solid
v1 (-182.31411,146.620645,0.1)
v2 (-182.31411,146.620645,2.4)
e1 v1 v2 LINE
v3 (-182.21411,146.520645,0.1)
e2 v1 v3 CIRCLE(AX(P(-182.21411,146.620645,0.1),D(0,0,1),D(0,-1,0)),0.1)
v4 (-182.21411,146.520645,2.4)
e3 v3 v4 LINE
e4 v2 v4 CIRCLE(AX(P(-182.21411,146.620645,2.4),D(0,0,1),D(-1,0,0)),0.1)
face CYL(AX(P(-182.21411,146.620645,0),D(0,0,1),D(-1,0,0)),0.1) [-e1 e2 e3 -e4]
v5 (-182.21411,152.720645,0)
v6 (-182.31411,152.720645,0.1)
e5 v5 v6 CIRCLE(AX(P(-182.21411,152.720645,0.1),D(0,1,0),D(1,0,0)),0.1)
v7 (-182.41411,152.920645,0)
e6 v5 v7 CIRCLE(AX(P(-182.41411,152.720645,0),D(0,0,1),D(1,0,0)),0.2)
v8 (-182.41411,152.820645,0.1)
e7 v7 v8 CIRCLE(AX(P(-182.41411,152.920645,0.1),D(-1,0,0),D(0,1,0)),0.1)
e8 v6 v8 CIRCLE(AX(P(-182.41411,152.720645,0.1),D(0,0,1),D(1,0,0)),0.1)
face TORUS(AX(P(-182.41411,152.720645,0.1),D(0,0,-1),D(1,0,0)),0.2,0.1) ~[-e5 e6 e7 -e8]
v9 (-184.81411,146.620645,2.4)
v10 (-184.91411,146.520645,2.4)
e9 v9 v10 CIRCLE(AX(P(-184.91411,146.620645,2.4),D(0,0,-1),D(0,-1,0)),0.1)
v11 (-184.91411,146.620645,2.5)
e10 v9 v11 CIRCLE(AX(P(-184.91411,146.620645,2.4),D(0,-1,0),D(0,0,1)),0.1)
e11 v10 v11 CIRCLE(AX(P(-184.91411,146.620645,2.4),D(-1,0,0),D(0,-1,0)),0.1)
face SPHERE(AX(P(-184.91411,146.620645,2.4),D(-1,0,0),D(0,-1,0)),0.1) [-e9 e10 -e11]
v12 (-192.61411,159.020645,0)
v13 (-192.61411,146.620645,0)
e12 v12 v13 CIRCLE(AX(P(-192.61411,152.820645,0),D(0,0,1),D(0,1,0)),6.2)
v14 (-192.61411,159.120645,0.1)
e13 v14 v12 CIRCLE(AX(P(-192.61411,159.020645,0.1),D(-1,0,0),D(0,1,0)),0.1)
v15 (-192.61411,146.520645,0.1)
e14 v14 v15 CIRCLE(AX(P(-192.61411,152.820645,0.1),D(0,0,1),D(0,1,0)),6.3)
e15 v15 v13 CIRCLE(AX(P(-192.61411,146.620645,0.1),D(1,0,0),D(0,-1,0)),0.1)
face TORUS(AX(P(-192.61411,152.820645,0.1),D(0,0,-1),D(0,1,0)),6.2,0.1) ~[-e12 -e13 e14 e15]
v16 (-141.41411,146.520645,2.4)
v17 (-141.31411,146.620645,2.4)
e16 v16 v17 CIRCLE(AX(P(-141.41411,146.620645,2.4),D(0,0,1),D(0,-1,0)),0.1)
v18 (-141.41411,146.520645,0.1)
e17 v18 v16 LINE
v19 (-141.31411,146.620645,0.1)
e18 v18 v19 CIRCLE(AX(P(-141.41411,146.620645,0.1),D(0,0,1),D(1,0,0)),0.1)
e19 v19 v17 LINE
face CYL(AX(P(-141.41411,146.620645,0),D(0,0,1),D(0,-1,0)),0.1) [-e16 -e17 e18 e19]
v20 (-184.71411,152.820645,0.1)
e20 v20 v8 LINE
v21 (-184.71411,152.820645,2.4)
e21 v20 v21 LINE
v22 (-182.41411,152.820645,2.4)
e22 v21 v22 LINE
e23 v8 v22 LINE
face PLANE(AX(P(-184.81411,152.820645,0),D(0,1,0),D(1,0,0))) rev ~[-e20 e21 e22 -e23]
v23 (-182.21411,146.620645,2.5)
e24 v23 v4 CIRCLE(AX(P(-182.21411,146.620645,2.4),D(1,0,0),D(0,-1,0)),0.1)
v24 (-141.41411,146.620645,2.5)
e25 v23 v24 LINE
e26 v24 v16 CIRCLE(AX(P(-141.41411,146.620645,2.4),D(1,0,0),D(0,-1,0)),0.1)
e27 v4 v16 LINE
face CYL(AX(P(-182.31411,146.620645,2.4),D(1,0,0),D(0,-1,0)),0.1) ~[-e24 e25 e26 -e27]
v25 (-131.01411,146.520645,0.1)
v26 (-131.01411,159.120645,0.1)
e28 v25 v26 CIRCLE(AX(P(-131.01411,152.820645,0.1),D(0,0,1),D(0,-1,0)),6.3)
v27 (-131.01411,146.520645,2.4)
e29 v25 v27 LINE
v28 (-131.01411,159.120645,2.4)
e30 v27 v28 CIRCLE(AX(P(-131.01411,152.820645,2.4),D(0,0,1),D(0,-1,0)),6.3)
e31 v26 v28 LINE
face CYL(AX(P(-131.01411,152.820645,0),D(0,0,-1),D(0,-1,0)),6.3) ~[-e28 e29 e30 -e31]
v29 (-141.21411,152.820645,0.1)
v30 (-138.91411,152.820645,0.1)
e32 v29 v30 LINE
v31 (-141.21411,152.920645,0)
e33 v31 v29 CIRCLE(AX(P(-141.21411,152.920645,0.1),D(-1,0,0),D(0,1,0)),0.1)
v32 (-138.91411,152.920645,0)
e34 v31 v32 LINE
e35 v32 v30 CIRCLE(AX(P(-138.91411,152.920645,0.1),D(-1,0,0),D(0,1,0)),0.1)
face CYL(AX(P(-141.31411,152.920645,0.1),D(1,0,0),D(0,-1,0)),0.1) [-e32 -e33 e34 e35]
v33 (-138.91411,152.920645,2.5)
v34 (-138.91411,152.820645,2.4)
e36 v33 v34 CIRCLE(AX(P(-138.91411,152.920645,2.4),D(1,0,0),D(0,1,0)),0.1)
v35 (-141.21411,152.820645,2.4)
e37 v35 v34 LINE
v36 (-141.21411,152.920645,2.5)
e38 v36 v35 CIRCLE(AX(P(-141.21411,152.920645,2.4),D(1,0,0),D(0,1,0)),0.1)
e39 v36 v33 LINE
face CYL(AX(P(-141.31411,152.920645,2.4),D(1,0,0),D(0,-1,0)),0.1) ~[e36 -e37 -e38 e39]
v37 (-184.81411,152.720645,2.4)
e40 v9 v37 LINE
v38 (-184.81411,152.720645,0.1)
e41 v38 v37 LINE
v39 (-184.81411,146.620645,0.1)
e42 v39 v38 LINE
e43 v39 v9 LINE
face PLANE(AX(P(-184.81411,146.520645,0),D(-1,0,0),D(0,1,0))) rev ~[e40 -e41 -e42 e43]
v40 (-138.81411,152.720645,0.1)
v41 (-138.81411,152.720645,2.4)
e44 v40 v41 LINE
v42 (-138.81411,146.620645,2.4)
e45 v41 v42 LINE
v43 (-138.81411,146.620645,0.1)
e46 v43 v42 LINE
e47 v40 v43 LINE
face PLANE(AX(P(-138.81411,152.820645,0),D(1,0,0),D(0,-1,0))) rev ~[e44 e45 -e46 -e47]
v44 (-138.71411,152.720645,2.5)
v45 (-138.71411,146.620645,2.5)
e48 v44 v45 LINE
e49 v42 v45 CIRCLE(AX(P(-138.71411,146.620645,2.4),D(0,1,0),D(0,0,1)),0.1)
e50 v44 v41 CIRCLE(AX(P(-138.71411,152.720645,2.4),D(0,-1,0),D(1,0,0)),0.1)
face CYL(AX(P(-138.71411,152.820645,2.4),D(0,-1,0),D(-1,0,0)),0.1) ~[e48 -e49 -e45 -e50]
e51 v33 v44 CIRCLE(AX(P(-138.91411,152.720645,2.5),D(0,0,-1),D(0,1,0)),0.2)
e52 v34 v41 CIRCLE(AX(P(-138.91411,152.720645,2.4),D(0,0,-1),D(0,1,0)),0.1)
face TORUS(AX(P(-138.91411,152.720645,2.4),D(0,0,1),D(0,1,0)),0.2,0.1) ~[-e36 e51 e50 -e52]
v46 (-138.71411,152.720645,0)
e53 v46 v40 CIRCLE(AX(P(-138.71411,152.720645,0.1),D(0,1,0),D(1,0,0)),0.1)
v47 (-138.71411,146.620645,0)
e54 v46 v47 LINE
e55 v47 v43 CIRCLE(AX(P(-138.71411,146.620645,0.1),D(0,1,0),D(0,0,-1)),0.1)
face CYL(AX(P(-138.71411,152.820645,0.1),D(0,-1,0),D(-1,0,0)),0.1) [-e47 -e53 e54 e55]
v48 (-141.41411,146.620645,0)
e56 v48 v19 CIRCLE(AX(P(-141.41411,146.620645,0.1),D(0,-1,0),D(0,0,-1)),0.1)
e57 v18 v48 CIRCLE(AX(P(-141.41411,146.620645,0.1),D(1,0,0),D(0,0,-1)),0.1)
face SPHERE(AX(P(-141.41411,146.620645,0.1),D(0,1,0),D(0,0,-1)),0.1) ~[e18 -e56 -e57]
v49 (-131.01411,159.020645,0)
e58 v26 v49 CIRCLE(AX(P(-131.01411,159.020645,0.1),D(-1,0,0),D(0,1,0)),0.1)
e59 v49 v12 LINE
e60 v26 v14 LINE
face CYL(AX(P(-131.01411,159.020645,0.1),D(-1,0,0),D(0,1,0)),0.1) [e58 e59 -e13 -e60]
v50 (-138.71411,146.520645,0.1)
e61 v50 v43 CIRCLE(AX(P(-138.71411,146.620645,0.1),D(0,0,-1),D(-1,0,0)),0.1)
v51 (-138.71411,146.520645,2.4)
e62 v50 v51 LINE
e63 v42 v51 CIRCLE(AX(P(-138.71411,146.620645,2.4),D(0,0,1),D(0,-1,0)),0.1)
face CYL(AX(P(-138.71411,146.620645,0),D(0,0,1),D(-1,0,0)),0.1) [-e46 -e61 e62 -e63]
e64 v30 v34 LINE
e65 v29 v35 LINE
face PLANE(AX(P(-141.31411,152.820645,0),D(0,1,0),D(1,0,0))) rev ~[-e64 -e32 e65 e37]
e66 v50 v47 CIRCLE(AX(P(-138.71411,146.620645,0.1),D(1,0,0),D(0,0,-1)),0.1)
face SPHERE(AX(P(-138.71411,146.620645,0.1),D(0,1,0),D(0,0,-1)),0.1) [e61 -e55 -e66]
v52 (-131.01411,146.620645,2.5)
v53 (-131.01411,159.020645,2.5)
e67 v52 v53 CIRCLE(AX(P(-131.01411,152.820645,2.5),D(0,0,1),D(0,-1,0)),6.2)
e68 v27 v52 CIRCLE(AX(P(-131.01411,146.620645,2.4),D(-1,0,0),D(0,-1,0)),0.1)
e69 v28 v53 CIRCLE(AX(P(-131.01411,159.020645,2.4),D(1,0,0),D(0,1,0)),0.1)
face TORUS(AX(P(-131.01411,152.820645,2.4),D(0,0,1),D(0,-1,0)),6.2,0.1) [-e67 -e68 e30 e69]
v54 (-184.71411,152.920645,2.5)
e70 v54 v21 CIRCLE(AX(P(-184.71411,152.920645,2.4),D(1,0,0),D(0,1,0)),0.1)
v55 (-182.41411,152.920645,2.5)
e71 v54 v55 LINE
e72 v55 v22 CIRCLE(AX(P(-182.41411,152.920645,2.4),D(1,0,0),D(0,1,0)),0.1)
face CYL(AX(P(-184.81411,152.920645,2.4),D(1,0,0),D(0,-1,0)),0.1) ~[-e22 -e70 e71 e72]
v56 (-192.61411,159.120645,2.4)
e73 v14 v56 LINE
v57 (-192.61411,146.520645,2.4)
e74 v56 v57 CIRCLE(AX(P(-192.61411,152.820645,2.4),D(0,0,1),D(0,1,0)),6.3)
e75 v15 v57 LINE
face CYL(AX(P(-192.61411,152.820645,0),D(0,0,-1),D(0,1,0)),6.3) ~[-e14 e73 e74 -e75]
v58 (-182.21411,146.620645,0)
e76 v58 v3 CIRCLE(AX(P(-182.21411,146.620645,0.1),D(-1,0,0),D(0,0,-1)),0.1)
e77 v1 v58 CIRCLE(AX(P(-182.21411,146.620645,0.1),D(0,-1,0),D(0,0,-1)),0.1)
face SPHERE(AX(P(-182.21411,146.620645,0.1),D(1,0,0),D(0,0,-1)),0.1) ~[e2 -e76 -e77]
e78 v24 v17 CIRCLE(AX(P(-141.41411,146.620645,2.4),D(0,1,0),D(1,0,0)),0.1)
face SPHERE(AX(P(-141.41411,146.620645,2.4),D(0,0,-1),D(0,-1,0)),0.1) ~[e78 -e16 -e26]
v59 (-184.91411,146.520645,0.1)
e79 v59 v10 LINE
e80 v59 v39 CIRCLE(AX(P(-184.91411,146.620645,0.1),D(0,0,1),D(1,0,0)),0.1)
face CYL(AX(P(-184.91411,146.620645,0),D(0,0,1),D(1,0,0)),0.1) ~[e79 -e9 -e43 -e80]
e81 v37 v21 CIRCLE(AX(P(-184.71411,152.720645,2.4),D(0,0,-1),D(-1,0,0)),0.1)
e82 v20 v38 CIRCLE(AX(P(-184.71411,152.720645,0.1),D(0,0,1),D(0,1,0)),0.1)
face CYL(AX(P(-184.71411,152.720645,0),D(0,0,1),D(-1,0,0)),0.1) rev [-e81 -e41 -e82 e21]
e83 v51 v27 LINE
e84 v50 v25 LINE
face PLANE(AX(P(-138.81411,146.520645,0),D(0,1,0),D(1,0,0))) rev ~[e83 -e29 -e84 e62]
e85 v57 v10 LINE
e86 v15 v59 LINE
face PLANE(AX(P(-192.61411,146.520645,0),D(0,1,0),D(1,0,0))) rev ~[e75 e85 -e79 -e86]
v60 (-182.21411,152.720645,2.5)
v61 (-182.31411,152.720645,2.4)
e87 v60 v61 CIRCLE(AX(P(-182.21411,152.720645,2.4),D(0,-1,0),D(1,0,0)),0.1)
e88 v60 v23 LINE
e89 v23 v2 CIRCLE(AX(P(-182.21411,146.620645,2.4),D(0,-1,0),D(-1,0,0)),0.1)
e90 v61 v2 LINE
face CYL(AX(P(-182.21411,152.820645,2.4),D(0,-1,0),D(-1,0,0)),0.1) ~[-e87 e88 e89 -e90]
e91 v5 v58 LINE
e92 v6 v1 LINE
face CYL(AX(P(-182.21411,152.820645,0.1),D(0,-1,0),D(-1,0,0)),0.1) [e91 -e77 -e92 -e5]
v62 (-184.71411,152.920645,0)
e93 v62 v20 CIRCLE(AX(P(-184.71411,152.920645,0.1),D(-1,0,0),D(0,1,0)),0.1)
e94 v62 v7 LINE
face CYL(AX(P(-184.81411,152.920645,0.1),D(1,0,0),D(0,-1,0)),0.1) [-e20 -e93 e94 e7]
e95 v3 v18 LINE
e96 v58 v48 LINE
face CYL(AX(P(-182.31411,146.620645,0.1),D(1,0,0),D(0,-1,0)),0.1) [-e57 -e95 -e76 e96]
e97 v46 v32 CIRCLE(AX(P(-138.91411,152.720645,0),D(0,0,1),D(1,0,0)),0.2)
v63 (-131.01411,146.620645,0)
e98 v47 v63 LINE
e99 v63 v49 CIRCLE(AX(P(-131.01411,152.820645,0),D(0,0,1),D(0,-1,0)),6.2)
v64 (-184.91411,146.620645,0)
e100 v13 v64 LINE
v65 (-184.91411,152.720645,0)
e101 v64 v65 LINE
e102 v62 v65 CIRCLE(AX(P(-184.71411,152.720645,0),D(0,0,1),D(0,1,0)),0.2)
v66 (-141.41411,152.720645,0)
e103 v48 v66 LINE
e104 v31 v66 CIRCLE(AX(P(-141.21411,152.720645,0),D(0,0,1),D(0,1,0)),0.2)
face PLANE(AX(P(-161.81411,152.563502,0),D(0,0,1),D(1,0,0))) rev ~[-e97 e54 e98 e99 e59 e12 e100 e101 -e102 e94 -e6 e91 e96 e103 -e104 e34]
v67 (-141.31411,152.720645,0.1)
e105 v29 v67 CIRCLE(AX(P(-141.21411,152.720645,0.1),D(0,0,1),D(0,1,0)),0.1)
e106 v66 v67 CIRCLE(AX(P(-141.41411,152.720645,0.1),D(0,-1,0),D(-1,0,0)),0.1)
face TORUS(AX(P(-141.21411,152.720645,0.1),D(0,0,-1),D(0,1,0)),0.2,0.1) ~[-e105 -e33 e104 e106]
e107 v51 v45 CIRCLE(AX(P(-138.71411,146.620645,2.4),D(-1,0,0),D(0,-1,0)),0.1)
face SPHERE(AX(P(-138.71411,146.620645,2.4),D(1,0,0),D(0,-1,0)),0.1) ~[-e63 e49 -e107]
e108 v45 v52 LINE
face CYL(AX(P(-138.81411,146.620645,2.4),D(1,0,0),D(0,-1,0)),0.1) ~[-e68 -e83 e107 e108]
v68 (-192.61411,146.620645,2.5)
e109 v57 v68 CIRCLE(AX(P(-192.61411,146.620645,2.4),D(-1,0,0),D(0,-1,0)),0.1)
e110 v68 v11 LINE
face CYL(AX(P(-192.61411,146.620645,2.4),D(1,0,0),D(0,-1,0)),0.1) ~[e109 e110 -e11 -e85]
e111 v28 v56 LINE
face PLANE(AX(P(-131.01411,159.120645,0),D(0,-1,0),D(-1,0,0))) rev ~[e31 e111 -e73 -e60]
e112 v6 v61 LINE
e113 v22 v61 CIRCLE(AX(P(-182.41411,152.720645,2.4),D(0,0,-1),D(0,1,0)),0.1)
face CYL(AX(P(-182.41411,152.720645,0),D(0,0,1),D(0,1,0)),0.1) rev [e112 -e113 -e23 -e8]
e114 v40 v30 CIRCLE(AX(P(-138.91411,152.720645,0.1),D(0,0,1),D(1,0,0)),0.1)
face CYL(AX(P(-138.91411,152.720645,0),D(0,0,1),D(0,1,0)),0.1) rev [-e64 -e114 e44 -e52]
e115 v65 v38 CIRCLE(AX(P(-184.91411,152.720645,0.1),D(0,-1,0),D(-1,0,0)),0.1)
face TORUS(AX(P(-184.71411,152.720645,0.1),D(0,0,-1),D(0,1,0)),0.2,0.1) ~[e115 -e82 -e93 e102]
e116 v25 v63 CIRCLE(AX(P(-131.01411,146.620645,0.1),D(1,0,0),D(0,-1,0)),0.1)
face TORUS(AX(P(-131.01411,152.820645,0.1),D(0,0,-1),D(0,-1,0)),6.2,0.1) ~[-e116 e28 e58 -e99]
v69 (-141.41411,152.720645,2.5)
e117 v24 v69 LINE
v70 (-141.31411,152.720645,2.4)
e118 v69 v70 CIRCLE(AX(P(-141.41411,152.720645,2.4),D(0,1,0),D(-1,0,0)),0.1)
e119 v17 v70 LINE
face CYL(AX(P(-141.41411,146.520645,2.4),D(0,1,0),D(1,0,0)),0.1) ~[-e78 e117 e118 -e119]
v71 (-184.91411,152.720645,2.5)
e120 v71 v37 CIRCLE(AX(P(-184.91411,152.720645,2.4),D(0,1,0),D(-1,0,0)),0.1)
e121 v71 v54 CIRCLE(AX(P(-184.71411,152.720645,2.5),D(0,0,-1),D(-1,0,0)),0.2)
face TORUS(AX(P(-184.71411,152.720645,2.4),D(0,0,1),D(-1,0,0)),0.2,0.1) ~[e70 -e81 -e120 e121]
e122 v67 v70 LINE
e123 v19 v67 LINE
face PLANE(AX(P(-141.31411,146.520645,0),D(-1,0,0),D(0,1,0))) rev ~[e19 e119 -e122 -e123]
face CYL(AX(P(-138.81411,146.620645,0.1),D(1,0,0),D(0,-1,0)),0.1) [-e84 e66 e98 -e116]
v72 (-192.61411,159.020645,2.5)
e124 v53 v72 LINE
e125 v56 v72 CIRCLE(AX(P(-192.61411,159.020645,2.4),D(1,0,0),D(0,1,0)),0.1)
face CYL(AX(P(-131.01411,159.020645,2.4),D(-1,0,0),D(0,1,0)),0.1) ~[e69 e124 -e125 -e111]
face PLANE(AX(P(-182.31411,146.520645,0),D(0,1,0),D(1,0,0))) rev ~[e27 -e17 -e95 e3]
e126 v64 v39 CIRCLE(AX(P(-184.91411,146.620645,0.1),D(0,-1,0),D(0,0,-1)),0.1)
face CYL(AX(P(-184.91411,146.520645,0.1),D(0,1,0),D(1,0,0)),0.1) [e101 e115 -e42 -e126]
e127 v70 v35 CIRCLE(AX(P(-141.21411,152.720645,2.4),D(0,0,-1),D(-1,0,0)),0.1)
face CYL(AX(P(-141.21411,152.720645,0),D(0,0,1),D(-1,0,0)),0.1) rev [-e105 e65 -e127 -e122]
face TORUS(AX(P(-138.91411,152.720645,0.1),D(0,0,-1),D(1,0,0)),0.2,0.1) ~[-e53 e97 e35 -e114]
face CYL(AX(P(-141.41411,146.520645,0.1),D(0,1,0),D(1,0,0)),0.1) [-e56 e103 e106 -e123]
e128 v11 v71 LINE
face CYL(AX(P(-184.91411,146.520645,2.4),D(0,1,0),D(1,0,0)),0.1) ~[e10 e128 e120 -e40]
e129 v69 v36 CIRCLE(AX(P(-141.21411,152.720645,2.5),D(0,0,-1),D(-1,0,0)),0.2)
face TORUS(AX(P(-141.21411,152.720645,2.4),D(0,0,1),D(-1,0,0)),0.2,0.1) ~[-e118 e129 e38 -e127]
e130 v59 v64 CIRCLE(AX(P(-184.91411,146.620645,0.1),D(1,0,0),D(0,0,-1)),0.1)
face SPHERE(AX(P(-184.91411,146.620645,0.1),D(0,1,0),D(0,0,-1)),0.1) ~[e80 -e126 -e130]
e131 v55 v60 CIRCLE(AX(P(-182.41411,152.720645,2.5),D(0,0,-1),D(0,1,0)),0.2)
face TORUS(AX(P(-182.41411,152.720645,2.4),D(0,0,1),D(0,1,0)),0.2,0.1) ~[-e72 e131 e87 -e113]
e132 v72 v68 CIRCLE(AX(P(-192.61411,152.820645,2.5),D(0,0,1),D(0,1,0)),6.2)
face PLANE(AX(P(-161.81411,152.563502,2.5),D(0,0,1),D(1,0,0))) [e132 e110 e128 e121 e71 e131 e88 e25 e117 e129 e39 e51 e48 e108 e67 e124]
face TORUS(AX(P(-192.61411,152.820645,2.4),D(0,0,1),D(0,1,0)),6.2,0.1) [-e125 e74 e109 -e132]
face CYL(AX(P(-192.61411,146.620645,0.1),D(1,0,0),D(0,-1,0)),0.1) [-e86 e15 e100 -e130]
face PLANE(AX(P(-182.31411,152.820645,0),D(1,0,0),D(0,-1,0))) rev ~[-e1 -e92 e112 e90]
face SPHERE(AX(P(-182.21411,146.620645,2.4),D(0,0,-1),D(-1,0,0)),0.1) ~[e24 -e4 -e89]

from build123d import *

# Parameters (mm, degrees)
RESSALTO_EXTRUS_O1_DEPTH = 2.5
FILETE1_R                = 0.1


with BuildPart() as part:
    # Esboço1 → Ressalto-extrusão1 (new body)
    with BuildSketch(Plane.XY):
        with BuildLine():
            Line((-184.814110363, 146.520645343), (-184.814110363, 152.820645343))
            Line((-184.814110363, 152.820645343), (-182.314110363, 152.820645343))
            Line((-182.314110363, 152.820645343), (-182.314110363, 146.520645343))
            Line((-182.314110363, 146.520645343), (-141.314110363, 146.520645343))
            Line((-141.314110363, 146.520645343), (-141.314110363, 152.820645343))
            Line((-141.314110363, 152.820645343), (-138.814110363, 152.820645343))
            Line((-138.814110363, 152.820645343), (-138.814110363, 146.520645343))
            Line((-138.814110363, 146.520645343), (-131.014110363, 146.520645343))
            ThreePointArc((-131.014110363, 146.520645343), (-124.714110363, 152.820645343), (-131.014110363, 159.120645343))
            Line((-131.014110363, 159.120645343), (-192.614110363, 159.120645343))
            ThreePointArc((-192.614110363, 159.120645343), (-198.914110363, 152.820645343), (-192.614110363, 146.520645343))
            Line((-192.614110363, 146.520645343), (-184.814110363, 146.520645343))
        make_face()
    extrude(amount=RESSALTO_EXTRUS_O1_DEPTH)

    # Filete1
    filete1_edges = [part.edges().sort_by_distance(p)[0] for p in [
        (-124.714110363, 152.820645343, 2.5),
        (-138.814110363, 149.670645343, 0),
        (-140.064110363, 152.820645343, 0),
        (-141.314110363, 149.670645343, 0),
        (-161.814110363, 159.120645343, 2.5),
        (-161.814110363, 146.520645343, 0),
        (-182.314110363, 149.670645343, 0),
        (-183.564110363, 152.820645343, 0),
        (-184.814110363, 149.670645343, 0),
        (-188.714110363, 146.520645343, 0),
        (-198.914110363, 152.820645343, 0),
        (-161.814110363, 159.120645343, 0),
        (-124.714110363, 152.820645343, 0),
        (-198.914110363, 152.820645343, 2.5),
        (-134.914110363, 146.520645343, 0),
        (-138.814110363, 146.520645343, 1.25),
        (-138.814110363, 152.820645343, 1.25),
        (-141.314110363, 152.820645343, 1.25),
        (-141.314110363, 146.520645343, 1.25),
        (-182.314110363, 146.520645343, 1.25),
        (-182.314110363, 152.820645343, 1.25),
        (-184.814110363, 152.820645343, 1.25),
        (-184.814110363, 146.520645343, 1.25),
        (-188.714110363, 146.520645343, 2.5),
        (-184.814110363, 149.670645343, 2.5),
        (-183.564110363, 152.820645343, 2.5),
        (-182.314110363, 149.670645343, 2.5),
        (-161.814110363, 146.520645343, 2.5),
        (-141.314110363, 149.670645343, 2.5),
        (-134.914110363, 146.520645343, 2.5),
        (-140.064110363, 152.820645343, 2.5),
        (-138.814110363, 149.670645343, 2.5),
    ]]
    fillet(filete1_edges, radius=FILETE1_R)


solid = part.part
